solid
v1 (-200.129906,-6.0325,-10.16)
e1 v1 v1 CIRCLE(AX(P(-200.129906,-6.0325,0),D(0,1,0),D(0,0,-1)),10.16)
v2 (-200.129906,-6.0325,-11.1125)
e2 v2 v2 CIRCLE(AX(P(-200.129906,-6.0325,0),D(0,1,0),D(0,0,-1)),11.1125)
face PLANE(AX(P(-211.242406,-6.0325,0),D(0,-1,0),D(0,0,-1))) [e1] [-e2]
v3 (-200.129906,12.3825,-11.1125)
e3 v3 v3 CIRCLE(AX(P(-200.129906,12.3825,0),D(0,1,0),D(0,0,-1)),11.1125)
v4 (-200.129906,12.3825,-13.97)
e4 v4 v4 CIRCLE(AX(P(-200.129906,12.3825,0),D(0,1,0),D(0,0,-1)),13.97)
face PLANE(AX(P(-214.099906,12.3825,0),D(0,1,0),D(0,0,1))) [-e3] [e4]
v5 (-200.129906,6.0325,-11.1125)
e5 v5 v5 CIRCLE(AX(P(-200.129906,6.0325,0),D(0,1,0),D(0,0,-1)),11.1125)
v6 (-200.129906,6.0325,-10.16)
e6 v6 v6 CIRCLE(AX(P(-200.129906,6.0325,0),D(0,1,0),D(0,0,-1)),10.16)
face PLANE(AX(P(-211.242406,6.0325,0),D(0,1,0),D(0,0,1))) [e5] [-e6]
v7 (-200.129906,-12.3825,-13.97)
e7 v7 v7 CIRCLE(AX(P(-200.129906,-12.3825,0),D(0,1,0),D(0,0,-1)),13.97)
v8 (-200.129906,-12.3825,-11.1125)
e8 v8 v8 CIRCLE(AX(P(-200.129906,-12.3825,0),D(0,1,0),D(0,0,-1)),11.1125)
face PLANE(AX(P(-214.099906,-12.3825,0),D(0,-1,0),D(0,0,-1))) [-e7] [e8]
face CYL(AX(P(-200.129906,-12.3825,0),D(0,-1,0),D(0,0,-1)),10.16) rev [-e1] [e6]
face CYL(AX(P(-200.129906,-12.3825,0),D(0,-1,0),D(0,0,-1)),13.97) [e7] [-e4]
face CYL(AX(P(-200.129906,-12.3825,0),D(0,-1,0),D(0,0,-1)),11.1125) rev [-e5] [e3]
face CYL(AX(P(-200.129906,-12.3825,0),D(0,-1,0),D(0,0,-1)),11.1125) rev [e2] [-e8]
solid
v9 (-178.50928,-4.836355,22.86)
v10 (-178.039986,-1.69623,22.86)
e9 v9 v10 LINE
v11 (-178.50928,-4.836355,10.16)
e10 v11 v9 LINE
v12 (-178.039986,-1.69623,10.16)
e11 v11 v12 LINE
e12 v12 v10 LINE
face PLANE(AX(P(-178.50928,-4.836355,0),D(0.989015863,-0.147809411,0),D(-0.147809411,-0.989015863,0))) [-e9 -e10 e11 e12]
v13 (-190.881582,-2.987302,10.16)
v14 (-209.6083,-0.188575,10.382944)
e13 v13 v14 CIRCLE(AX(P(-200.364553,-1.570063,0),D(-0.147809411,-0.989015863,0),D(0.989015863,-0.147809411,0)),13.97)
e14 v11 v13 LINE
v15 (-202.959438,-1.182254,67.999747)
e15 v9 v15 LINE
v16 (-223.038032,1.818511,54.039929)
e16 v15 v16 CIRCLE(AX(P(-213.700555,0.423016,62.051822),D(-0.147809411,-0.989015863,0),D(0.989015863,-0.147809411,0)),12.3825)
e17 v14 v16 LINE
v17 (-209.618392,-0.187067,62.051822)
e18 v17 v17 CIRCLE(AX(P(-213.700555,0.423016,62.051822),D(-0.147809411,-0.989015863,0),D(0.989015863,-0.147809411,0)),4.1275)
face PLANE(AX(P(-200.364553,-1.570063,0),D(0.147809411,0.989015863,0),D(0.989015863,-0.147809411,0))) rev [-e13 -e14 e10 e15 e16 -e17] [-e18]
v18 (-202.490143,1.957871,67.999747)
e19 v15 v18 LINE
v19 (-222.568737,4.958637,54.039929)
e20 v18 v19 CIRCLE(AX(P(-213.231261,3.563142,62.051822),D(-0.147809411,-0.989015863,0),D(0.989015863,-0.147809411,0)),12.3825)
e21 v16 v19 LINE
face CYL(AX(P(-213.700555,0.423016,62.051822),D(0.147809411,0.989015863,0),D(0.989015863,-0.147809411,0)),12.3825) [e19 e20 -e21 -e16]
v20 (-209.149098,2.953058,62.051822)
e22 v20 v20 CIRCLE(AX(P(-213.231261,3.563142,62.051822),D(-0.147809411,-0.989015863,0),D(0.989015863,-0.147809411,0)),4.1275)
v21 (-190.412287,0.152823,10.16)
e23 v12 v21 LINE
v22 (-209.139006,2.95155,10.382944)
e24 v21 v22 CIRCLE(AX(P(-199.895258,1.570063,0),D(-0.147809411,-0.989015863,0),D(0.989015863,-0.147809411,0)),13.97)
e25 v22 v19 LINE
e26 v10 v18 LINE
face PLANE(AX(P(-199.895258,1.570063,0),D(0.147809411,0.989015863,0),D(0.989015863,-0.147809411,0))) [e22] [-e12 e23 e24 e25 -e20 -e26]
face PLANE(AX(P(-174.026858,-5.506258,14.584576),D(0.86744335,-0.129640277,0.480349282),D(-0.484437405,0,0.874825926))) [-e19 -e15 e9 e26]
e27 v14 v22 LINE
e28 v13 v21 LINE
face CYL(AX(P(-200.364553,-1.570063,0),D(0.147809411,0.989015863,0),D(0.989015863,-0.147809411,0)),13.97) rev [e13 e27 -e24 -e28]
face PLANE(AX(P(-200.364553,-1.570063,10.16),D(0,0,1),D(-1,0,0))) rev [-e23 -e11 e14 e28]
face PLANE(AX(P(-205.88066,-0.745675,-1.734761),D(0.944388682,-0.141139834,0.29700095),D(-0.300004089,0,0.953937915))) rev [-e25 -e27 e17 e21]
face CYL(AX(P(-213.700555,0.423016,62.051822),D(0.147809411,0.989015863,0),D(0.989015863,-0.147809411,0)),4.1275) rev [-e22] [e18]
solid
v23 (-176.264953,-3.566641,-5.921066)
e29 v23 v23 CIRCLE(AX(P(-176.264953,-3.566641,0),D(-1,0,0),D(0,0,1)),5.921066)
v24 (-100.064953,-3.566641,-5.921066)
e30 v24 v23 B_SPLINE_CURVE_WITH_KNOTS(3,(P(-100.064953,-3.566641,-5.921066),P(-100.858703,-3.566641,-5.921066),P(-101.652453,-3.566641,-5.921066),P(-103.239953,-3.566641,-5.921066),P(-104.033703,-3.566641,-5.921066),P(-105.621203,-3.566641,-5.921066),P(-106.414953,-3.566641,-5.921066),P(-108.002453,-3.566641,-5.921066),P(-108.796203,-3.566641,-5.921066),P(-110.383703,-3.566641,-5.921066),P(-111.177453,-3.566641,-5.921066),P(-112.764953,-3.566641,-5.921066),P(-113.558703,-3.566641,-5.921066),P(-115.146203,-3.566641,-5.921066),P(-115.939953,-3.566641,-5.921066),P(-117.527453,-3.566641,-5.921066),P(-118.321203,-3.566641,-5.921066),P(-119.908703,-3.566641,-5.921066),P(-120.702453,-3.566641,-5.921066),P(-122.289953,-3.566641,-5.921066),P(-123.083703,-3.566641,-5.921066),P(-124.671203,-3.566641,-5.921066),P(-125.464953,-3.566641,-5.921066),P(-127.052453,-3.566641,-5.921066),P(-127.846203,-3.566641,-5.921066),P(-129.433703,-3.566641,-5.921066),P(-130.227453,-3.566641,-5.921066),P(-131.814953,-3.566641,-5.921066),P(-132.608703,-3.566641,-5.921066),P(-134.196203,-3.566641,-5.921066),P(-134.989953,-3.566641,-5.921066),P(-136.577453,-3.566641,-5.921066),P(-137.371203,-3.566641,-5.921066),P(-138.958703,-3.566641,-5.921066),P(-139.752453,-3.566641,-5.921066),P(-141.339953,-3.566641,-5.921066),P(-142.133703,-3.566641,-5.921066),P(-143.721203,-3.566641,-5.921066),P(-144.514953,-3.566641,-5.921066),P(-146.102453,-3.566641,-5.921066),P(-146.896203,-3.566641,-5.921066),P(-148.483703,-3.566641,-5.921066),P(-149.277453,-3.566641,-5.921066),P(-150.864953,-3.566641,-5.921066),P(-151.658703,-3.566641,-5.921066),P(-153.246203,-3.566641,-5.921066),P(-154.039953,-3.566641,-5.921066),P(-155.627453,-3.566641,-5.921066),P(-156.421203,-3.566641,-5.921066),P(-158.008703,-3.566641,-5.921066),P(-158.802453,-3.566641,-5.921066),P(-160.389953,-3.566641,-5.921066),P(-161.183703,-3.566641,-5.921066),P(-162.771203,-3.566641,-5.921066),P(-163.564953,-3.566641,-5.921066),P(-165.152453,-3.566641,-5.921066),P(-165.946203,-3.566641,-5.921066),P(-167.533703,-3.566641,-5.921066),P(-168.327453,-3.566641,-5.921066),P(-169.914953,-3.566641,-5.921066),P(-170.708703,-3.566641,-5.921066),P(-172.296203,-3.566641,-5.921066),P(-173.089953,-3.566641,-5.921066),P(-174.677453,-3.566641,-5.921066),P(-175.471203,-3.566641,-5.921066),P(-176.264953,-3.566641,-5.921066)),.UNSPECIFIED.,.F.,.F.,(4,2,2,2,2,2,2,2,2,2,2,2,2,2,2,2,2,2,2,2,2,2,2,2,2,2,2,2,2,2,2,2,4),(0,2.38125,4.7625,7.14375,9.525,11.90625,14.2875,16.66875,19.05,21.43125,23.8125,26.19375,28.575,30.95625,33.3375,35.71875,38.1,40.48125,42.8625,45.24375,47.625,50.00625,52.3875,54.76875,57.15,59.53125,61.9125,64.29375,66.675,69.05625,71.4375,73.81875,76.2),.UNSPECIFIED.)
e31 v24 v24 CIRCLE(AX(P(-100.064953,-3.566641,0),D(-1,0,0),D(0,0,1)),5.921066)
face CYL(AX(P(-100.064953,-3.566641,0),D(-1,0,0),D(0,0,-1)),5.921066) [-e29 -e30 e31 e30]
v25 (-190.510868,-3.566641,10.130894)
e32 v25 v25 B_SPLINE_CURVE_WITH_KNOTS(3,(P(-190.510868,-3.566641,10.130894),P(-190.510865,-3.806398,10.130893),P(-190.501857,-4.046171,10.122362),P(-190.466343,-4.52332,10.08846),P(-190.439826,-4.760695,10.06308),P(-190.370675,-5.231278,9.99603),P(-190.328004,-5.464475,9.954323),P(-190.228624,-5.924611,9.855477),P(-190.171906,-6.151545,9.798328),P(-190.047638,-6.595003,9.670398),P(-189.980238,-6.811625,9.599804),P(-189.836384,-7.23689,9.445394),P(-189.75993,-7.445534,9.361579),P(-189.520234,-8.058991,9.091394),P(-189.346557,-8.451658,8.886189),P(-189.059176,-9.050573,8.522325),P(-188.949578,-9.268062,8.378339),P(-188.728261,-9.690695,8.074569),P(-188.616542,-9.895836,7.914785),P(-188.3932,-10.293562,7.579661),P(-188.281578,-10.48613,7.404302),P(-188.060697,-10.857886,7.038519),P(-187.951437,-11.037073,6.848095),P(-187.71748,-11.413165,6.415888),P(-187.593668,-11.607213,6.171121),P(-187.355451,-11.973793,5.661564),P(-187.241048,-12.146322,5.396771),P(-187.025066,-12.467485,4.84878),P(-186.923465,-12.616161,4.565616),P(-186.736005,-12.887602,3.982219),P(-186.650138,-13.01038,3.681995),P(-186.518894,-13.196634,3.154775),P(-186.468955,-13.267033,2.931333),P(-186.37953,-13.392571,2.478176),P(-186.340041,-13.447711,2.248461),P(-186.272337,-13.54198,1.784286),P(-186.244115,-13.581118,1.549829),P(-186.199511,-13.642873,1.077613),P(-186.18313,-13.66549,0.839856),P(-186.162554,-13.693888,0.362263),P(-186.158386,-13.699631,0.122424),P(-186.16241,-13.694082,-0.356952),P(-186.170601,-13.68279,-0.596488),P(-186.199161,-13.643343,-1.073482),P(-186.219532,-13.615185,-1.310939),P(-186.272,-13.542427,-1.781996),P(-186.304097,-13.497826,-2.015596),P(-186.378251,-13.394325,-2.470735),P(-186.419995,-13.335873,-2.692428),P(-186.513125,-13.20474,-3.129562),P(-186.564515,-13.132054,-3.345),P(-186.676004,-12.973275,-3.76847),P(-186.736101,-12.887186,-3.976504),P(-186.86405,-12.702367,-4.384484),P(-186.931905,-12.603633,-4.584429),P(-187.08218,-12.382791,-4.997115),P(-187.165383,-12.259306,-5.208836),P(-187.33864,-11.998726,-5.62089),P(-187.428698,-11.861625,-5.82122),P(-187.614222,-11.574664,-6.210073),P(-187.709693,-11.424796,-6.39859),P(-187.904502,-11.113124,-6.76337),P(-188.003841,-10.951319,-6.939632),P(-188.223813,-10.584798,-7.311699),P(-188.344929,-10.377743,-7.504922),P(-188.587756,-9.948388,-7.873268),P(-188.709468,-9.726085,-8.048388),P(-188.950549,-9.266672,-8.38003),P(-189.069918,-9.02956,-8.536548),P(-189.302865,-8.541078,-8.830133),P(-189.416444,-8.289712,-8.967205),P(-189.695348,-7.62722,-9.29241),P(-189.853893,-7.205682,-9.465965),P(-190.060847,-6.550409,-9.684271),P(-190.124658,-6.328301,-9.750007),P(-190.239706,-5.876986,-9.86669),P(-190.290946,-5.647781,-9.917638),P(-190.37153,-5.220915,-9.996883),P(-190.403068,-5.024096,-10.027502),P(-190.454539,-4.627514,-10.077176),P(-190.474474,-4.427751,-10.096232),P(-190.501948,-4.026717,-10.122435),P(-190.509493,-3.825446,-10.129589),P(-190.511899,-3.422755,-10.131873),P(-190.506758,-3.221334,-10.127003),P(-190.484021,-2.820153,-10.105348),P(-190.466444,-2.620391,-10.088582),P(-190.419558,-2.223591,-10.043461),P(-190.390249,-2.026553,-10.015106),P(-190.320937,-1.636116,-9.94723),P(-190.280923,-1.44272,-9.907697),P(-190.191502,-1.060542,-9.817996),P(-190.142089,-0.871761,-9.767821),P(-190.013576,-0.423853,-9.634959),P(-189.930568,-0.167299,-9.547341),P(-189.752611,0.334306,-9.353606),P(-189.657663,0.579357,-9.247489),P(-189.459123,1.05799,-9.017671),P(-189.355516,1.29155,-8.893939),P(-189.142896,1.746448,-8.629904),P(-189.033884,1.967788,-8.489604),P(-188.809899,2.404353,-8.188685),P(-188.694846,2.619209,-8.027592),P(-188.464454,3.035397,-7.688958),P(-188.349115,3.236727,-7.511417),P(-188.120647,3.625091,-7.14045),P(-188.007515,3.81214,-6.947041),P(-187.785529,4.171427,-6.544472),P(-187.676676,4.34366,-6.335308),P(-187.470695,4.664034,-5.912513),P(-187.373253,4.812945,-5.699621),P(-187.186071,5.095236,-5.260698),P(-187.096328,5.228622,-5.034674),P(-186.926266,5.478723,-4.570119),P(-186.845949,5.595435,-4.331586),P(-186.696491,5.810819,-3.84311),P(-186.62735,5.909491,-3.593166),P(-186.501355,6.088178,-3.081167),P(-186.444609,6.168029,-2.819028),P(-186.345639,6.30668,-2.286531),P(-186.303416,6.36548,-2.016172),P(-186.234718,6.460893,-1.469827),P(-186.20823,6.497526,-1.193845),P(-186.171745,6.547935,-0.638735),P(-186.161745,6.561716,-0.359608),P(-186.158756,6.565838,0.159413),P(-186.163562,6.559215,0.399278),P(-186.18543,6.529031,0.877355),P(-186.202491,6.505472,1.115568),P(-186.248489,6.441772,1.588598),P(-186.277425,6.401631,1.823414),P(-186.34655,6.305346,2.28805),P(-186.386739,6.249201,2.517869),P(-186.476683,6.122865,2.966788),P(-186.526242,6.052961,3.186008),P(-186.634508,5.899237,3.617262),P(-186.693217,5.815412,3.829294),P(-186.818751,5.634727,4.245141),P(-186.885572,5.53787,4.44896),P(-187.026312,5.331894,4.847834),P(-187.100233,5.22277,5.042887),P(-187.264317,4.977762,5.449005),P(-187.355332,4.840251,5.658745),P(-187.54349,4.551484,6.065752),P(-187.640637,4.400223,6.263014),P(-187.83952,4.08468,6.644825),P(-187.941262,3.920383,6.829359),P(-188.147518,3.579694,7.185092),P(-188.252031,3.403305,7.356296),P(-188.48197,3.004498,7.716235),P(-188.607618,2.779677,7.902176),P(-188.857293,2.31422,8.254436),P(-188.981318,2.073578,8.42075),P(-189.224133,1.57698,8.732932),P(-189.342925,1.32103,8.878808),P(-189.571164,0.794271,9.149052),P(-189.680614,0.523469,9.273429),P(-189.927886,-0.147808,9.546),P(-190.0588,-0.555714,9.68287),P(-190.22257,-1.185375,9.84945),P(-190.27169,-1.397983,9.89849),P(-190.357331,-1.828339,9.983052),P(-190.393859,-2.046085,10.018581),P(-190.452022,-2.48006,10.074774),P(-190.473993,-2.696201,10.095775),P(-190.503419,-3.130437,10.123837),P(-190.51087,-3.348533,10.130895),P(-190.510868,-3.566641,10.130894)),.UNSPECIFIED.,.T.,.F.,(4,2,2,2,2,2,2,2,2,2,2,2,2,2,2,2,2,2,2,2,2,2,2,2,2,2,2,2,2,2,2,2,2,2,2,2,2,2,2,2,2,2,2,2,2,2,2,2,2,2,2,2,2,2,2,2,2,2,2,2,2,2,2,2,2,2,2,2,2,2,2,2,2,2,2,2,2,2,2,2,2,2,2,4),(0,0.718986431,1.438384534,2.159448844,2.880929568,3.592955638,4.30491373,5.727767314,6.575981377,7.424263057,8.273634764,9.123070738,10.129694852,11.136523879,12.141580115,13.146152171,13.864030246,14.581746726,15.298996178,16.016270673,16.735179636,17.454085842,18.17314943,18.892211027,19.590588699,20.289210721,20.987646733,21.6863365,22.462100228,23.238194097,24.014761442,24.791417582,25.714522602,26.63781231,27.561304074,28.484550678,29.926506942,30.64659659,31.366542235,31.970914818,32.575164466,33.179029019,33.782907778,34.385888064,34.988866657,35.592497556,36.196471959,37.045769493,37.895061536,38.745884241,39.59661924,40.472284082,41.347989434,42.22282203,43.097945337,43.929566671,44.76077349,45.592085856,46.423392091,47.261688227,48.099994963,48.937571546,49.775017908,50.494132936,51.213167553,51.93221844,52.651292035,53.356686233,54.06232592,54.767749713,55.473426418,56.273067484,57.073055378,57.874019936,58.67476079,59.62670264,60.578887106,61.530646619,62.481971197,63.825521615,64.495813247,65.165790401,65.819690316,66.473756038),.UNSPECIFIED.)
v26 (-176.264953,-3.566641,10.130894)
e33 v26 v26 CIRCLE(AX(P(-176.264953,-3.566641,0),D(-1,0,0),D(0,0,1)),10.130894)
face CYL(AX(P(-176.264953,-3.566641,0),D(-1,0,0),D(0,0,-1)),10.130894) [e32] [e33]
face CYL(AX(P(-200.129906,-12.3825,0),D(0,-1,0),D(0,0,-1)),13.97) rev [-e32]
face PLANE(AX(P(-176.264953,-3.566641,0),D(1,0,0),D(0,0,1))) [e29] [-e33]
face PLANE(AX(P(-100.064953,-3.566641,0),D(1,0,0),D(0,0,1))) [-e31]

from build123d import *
from build123d.topology import SkipClean

# Parameters (mm, degrees)
BOSS_EXTRUDE2_DEPTH                  = 1.5875
BOSS_EXTRUDE2_DEPTH_BACK             = 1.5875
SKETCH4_R                            = 4.1275
SKETCH5_R                            = 10.130893735
BOSS_EXTRUDE3_DEPTH                  = 9.894952783
BOSS_EXTRUDE3_DIRECTION_2_REACH      = 87.304
BOSS_EXTRUDE3_DIRECTION_2_END_RADIUS = 13.97
SKETCH6_R                            = 5.921066373
BOSS_EXTRUDE4_DEPTH                  = 76.2
CUT_EXTRUDE1_DEPTH                   = 239.285873873
CUT_EXTRUDE1_DEPTH_BACK              = 239.285873873
SKETCH7_W                            = 149.643114042
SKETCH7_H                            = 170.238594894


with BuildPart() as part:
    # Sketch2 → Revolve1 (revolve)
    with BuildSketch(Plane.XY):
        Polygon((13.97, 12.3825), (13.97, -12.3825), (11.1125, -12.3825), (11.1125, -6.0325), (10.16, -6.0325), (10.16, 6.0325), (11.1125, 6.0325), (11.1125, 12.3825), align=None)
    revolve(axis=Axis((0, -12.3825, 0), (0, 1, 0)))


with BuildPart() as body_2:
    # Sketch4 → Boss-Extrude2 (new, two sides: drawn at the far end of the back side and taken through both)
    with BuildSketch(Plane(origin=(0, 0, 0), x_dir=(0, 0, -1), z_dir=(-0.14780941112961093, 0.9890158633619168, 0)).offset(-BOSS_EXTRUDE2_DEPTH_BACK)):
        with BuildLine():
            Line((-54.039928854, -22.925293076), (-10.382944015, -9.346409662))
            ThreePointArc((-10.382944015, -9.346409662), (-13.969031731, 0.164476444), (-10.16, 9.588289733))
            Line((-10.16, 9.588289733), (-10.16, 22.098))
            Line((-10.16, 22.098), (-22.86, 22.098))
            Line((-22.86, 22.098), (-67.999747489, -2.623704278))
            ThreePointArc((-67.999747489, -2.623704278), (-72.254940581, -20.500002013), (-54.039928854, -22.925293076))
        make_face()
        with Locations((-62.0518225, -13.484113782)):
            Circle(SKETCH4_R, mode=Mode.SUBTRACT)
    extrude(amount=BOSS_EXTRUDE2_DEPTH + BOSS_EXTRUDE2_DEPTH_BACK)


with BuildPart() as body_3:
    # Sketch5 → Boss-Extrude3 (new body)
    with BuildSketch(Plane.ZY.offset(13.97)):
        with Locations((0, -3.566641091)):
            Circle(SKETCH5_R)
    extrude(amount=BOSS_EXTRUDE3_DEPTH)

    # Boss-Extrude3 direction 2: up to this cylinder (the profile starts outside it)
    with SkipClean():  # the faces are left unmerged after this step: merging them gives an invalid solid
        boss_extrude3_direction_2_end = Plane(origin=(0, -3.566641, 0), z_dir=(0, -1, 0)) * Cylinder(BOSS_EXTRUDE3_DIRECTION_2_END_RADIUS, 203.548, mode=Mode.PRIVATE)
        # Sketch5 → Boss-Extrude3 direction 2 (add, up to the surface)
        with BuildSketch(Plane.ZY.offset(13.97), mode=Mode.PRIVATE) as boss_extrude3_direction_2_sk1:
            with Locations((0, -3.566641091)):
                Circle(SKETCH5_R)
        boss_extrude3_direction_2_tool1 = extrude(boss_extrude3_direction_2_sk1.sketch, amount=-BOSS_EXTRUDE3_DIRECTION_2_REACH, mode=Mode.PRIVATE) - boss_extrude3_direction_2_end
        add(boss_extrude3_direction_2_tool1.solids().sort_by_distance((-13.97, -3.566641, 0))[0])
        add(boss_extrude3_direction_2_tool1.solids().sort_by_distance((-13.97, -3.566641, 0))[1])

    # Sketch6 → Boss-Extrude4 (add)
    with BuildSketch(Plane.ZY.offset(23.864952783)):
        with Locations((0, -3.566641091)):
            Circle(SKETCH6_R)
    extrude(amount=BOSS_EXTRUDE4_DEPTH)


with BuildPart() as body_4:
    # Mirror1: mirrored copy
    add(body_2.part.mirror(Plane(origin=(-100.064952783, -3.566641091, 0), x_dir=(0, 0, 1), z_dir=(-1, 0, 0))))


with BuildPart() as body_5:
    # Mirror1 2: mirrored copy
    add(body_3.part.mirror(Plane(origin=(-100.064952783, -3.566641091, 0), x_dir=(0, 0, 1), z_dir=(-1, 0, 0))))


with BuildPart() as body_6:
    # Mirror1 3: mirrored copy
    add(part.part.mirror(Plane(origin=(-100.064952783, -3.566641091, 0), x_dir=(0, 0, 1), z_dir=(-1, 0, 0))))


with BuildPart() as cut_extrude1_tool:
    # Sketch7 → Cut-Extrude1 (new, two sides: drawn at the far end of the back side and taken through both)
    with BuildSketch(Plane(origin=(0, 0, 0), x_dir=(1, 0, 0), z_dir=(0, 1, 0)).offset(-CUT_EXTRUDE1_DEPTH_BACK)):
        with Locations((-25.243395762, -25.539520043)):
            Rectangle(SKETCH7_W, SKETCH7_H)
    extrude(amount=CUT_EXTRUDE1_DEPTH + CUT_EXTRUDE1_DEPTH_BACK)


with BuildPart() as part_1:
    add(part.part)

    # Cut-Extrude1: cut by cut_extrude1_tool
    add(cut_extrude1_tool.part, mode=Mode.SUBTRACT)


with BuildPart() as body_2_1:
    add(body_2.part)

    # Cut-Extrude1: cut by cut_extrude1_tool
    add(cut_extrude1_tool.part, mode=Mode.SUBTRACT)


with BuildPart() as body_3_1:
    add(body_3.part)

    # Cut-Extrude1: cut by cut_extrude1_tool
    add(cut_extrude1_tool.part, mode=Mode.SUBTRACT)


solid = Compound([body_4.part, body_5.part, body_6.part])
